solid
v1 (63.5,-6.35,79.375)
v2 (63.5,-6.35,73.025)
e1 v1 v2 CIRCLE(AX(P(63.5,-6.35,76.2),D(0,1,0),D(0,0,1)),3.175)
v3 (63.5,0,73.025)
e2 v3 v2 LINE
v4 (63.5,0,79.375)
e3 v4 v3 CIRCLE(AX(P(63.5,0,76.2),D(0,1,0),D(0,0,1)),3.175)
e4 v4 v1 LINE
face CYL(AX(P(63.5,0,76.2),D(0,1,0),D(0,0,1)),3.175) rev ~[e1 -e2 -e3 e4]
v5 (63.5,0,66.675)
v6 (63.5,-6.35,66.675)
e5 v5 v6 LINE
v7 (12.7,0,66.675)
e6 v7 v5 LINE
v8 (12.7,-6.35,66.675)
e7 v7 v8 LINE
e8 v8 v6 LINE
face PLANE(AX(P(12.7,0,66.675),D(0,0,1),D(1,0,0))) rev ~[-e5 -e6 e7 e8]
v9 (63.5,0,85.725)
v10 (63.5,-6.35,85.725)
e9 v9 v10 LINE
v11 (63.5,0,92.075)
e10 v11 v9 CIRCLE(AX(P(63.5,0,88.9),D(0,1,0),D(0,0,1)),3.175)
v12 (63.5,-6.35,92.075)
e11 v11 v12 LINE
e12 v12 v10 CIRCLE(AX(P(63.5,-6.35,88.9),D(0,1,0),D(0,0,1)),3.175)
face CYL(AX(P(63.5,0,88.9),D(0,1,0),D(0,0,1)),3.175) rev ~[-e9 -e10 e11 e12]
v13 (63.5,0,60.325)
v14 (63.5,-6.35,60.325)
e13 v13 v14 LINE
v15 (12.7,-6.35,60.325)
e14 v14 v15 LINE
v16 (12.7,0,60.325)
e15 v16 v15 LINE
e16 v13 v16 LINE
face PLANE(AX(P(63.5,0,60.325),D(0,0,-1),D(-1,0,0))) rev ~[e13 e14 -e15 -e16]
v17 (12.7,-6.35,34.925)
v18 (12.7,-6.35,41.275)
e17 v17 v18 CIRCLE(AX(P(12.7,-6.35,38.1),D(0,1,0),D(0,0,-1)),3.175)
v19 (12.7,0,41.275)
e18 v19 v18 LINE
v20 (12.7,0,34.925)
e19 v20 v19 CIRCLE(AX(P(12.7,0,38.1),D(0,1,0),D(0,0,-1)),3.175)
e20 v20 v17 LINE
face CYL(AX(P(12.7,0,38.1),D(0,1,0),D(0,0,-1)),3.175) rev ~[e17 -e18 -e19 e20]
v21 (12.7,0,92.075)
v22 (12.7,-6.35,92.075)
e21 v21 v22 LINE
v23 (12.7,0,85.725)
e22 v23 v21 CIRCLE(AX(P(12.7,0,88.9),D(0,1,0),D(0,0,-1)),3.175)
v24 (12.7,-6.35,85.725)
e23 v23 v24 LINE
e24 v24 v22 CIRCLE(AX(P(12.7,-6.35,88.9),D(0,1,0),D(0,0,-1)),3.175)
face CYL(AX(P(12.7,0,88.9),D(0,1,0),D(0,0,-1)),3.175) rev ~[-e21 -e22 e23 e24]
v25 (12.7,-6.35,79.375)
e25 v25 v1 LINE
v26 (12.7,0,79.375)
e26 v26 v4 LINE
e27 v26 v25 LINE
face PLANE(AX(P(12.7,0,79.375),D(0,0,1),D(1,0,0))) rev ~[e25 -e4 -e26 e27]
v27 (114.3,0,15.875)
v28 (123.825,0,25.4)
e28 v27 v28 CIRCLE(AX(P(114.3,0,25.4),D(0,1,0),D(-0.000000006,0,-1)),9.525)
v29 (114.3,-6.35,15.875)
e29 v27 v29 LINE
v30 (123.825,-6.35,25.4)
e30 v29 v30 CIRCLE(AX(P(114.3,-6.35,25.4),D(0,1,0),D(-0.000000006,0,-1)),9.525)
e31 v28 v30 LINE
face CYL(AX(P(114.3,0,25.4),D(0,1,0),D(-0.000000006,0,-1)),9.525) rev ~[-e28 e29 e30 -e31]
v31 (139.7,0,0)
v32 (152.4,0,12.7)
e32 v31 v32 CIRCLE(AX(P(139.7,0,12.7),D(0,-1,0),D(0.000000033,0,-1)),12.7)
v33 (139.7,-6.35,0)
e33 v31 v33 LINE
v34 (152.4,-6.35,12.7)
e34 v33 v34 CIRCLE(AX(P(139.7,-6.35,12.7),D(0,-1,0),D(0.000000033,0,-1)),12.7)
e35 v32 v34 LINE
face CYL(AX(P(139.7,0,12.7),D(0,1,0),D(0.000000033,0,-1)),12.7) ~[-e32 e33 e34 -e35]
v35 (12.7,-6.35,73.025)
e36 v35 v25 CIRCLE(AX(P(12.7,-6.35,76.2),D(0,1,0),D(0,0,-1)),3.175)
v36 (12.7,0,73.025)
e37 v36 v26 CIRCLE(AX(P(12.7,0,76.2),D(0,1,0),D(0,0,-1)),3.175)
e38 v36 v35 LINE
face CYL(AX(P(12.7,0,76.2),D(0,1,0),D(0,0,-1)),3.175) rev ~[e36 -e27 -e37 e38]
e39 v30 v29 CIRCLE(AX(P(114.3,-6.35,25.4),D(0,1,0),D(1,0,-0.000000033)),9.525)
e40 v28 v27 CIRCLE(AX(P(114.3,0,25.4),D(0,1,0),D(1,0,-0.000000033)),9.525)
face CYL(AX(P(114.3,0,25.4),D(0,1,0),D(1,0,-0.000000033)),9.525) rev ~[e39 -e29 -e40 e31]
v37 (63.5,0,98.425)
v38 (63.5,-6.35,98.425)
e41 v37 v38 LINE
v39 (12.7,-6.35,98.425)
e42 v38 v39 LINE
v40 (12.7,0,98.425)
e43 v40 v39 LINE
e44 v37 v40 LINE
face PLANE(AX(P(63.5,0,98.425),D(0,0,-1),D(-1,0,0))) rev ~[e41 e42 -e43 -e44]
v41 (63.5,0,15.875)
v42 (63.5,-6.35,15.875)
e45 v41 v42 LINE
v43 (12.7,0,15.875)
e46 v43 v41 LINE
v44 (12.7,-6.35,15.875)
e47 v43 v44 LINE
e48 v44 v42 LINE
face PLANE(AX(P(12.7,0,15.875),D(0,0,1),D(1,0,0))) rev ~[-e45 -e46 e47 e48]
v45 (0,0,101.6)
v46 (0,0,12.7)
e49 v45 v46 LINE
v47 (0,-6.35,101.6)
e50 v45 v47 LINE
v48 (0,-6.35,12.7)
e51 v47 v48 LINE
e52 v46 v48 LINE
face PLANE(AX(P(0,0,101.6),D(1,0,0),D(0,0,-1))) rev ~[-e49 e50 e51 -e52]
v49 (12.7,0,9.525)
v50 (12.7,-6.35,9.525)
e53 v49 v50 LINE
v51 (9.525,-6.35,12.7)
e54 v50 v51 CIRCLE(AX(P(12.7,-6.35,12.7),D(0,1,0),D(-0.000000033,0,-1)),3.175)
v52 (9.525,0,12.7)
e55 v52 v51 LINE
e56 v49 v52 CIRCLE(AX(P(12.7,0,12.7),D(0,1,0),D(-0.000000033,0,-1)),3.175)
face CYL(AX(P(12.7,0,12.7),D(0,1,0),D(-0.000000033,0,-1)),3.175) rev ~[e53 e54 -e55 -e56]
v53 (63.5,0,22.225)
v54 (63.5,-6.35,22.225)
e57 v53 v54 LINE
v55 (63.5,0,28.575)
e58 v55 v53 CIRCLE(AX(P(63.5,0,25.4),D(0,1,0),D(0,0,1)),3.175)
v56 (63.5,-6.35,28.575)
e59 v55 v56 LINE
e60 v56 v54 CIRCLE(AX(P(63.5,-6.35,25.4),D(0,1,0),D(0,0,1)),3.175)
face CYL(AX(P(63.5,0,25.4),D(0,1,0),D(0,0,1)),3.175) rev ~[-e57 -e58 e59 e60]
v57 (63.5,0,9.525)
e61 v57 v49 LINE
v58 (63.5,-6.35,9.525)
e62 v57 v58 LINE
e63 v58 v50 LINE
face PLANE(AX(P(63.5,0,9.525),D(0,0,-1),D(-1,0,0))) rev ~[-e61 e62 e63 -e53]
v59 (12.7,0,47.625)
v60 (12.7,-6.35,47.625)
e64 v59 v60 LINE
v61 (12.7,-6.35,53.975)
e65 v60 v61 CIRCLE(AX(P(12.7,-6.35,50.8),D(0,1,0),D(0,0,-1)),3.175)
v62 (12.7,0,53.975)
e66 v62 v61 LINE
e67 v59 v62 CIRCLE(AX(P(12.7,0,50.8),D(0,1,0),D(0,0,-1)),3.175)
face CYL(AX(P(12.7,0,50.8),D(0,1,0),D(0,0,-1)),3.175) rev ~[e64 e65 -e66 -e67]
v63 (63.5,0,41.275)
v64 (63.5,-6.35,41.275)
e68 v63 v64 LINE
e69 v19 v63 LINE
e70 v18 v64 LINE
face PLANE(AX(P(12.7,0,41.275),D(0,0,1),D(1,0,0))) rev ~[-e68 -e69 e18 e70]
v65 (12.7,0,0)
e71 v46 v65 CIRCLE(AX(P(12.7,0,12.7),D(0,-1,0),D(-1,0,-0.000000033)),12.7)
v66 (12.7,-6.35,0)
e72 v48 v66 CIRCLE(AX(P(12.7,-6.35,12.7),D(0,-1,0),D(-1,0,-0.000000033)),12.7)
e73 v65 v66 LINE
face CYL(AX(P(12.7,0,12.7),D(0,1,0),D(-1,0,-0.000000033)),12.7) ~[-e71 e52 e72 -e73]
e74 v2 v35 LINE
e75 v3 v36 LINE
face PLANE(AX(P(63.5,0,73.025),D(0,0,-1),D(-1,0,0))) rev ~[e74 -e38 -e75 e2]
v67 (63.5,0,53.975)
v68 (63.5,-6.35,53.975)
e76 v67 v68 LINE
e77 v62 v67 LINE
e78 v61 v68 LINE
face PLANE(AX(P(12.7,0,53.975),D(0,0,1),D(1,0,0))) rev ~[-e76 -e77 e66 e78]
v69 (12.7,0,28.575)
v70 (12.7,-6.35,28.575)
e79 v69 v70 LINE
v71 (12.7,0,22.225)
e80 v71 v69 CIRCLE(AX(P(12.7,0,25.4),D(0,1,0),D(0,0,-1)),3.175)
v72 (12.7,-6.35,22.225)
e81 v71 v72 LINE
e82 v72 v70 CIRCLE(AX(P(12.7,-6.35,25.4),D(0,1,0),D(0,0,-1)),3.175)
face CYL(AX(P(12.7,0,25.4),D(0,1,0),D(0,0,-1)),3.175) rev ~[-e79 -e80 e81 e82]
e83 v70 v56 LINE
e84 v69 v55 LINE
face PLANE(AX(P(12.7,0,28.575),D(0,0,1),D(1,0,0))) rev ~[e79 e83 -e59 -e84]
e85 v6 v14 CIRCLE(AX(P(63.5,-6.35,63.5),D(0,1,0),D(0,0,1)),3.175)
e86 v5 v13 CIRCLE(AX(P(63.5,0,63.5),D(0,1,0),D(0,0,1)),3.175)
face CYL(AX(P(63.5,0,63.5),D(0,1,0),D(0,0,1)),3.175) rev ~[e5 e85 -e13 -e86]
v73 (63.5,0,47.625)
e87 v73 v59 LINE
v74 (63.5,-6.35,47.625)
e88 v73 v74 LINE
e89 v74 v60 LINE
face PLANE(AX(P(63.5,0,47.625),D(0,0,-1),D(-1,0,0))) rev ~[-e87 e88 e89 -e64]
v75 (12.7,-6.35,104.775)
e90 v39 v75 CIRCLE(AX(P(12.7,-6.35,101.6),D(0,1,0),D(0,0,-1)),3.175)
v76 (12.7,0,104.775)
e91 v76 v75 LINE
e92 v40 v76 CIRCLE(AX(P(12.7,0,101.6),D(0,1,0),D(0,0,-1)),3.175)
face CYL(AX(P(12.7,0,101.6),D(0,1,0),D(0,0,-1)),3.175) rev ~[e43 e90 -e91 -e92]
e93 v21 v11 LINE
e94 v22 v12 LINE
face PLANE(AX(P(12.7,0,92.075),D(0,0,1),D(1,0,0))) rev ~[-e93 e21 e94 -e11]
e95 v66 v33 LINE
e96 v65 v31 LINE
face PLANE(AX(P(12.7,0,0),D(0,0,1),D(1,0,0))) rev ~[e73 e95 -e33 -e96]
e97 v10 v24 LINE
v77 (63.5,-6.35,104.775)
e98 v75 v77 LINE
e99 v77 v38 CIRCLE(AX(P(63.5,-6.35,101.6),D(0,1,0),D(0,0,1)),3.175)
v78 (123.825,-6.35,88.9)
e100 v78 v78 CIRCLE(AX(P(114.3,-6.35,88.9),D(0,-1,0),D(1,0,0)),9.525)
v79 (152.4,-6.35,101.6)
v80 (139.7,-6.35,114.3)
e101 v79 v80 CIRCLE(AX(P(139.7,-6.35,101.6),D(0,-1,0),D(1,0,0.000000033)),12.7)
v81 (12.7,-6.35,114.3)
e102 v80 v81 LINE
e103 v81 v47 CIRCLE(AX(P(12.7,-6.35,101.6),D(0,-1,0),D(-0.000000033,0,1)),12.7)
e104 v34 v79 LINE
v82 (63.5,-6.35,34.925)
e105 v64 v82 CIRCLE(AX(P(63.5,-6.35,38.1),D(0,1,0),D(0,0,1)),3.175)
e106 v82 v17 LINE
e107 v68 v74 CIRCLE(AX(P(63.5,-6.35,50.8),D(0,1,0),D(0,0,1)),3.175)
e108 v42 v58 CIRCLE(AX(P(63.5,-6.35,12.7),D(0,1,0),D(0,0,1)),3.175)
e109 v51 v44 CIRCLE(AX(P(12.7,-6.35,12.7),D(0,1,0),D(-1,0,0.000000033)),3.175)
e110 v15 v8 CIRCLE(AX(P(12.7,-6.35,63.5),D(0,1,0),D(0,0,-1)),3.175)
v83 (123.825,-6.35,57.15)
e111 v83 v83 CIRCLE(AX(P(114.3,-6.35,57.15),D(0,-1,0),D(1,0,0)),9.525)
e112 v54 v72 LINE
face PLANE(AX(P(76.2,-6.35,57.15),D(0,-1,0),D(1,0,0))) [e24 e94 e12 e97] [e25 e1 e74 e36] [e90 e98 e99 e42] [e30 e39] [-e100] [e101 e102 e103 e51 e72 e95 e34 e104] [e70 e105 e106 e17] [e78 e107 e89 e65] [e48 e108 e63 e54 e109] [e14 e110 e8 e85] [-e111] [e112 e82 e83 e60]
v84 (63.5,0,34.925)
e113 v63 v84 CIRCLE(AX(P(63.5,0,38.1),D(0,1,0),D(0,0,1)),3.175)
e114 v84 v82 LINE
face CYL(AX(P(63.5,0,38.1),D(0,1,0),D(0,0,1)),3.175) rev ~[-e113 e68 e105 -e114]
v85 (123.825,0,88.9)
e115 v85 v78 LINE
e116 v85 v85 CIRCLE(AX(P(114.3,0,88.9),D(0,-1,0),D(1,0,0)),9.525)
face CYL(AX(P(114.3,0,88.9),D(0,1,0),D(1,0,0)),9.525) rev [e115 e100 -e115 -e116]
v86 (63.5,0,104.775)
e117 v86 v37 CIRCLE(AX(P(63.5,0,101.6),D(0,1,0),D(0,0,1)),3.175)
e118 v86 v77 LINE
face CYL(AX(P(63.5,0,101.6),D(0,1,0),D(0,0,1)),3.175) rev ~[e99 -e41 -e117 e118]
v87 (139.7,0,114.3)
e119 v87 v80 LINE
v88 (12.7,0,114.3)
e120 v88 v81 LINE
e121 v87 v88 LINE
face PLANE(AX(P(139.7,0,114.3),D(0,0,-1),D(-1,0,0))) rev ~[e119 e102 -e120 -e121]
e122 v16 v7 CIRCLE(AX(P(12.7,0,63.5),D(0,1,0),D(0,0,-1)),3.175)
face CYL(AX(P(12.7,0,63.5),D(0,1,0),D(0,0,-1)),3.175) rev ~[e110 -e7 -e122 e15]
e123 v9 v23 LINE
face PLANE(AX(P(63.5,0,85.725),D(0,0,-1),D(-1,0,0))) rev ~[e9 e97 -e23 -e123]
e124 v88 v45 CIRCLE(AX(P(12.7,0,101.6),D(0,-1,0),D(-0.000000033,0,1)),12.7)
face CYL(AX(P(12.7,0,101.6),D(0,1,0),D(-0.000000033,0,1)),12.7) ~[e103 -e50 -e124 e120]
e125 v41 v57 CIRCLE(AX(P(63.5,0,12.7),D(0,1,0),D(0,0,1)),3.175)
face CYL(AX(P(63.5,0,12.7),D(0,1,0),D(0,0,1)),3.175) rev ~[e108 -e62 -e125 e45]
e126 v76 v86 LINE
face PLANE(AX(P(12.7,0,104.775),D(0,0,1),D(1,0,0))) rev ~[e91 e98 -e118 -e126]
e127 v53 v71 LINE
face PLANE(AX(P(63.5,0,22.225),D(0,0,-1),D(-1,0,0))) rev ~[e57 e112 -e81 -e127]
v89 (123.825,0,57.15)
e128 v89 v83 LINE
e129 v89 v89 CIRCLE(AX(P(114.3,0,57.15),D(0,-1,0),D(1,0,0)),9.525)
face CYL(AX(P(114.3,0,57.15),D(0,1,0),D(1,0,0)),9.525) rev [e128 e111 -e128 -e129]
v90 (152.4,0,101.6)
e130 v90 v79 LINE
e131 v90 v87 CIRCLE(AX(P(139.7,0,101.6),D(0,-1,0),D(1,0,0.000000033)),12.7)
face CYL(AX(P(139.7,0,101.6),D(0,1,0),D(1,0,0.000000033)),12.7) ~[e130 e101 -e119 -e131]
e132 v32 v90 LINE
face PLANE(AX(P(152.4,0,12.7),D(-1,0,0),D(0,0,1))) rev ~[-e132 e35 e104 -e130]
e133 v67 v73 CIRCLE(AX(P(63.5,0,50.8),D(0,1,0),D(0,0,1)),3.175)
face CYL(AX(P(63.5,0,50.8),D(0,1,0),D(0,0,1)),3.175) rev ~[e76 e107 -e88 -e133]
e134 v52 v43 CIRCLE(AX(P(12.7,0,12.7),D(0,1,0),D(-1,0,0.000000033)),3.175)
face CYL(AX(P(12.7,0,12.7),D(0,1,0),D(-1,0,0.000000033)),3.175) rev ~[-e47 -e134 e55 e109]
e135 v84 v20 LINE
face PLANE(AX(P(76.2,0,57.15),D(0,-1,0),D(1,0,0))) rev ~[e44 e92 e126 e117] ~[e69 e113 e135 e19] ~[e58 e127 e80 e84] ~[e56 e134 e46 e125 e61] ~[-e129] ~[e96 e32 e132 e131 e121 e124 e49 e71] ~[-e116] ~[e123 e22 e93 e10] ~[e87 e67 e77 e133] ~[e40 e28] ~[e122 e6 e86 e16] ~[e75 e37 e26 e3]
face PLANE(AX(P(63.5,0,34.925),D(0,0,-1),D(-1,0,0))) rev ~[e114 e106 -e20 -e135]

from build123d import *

# Parameters (mm, degrees)
F0_R     = 9.525
F1_DEPTH = 6.35


with BuildPart() as f1:
    # F0 (on Front) → F1 (new body)
    with BuildSketch(Plane.XZ):
        with BuildLine():
            ThreePointArc((0, 12.7), (3.719744, 3.719744), (12.7, 0))
            Line((12.7, 0), (114.3, 0))
            Line((114.3, 0), (139.7, 0))
            ThreePointArc((139.7, 0), (148.680256, 3.719744), (152.4, 12.7))
            Line((152.4, 12.7), (152.4, 25.4))
            Line((152.4, 25.4), (152.4, 101.6))
            ThreePointArc((152.4, 101.6), (148.680256, 110.580256), (139.7, 114.3))
            Line((139.7, 114.3), (12.7, 114.3))
            ThreePointArc((12.7, 114.3), (3.719744, 110.580256), (0, 101.6))
            Line((0, 101.6), (0, 12.7))
        make_face()
        with BuildLine():
            ThreePointArc((12.7, 9.525), (10.454936, 10.454936), (9.525, 12.7))
            ThreePointArc((9.525, 12.7), (10.454936, 14.945064), (12.7, 15.875))
            Line((12.7, 15.875), (63.5, 15.875))
            ThreePointArc((63.5, 15.875), (66.675, 12.7), (63.5, 9.525))
            Line((63.5, 9.525), (12.7, 9.525))
        make_face(mode=Mode.SUBTRACT)
        with BuildLine():
            ThreePointArc((12.7, 22.225), (9.525, 25.4), (12.7, 28.575))
            Line((12.7, 28.575), (63.5, 28.575))
            ThreePointArc((63.5, 28.575), (66.675, 25.4), (63.5, 22.225))
            Line((63.5, 22.225), (12.7, 22.225))
        make_face(mode=Mode.SUBTRACT)
        with BuildLine():
            ThreePointArc((12.7, 34.925), (9.525, 38.1), (12.7, 41.275))
            Line((12.7, 41.275), (63.5, 41.275))
            ThreePointArc((63.5, 41.275), (66.675, 38.1), (63.5, 34.925))
            Line((63.5, 34.925), (12.7, 34.925))
        make_face(mode=Mode.SUBTRACT)
        with BuildLine():
            ThreePointArc((12.7, 47.625), (9.525, 50.8), (12.7, 53.975))
            Line((12.7, 53.975), (63.5, 53.975))
            ThreePointArc((63.5, 53.975), (66.675, 50.8), (63.5, 47.625))
            Line((63.5, 47.625), (12.7, 47.625))
        make_face(mode=Mode.SUBTRACT)
        with BuildLine():
            ThreePointArc((114.3, 15.875), (107.564808, 32.135192), (123.825, 25.4))
            ThreePointArc((123.825, 25.4), (121.035192, 18.664808), (114.3, 15.875))
        make_face(mode=Mode.SUBTRACT)
        with BuildLine():
            ThreePointArc((12.7, 60.325), (9.525, 63.5), (12.7, 66.675))
            Line((12.7, 66.675), (63.5, 66.675))
            ThreePointArc((63.5, 66.675), (66.675, 63.5), (63.5, 60.325))
            Line((63.5, 60.325), (12.7, 60.325))
        make_face(mode=Mode.SUBTRACT)
        with BuildLine():
            ThreePointArc((12.7, 73.025), (9.525, 76.2), (12.7, 79.375))
            Line((12.7, 79.375), (63.5, 79.375))
            ThreePointArc((63.5, 79.375), (66.675, 76.2), (63.5, 73.025))
            Line((63.5, 73.025), (12.7, 73.025))
        make_face(mode=Mode.SUBTRACT)
        with BuildLine():
            ThreePointArc((12.7, 85.725), (9.525, 88.9), (12.7, 92.075))
            Line((12.7, 92.075), (63.5, 92.075))
            ThreePointArc((63.5, 92.075), (66.675, 88.9), (63.5, 85.725))
            Line((63.5, 85.725), (12.7, 85.725))
        make_face(mode=Mode.SUBTRACT)
        with BuildLine():
            ThreePointArc((12.7, 98.425), (9.525, 101.6), (12.7, 104.775))
            Line((12.7, 104.775), (63.5, 104.775))
            ThreePointArc((63.5, 104.775), (66.675, 101.6), (63.5, 98.425))
            Line((63.5, 98.425), (12.7, 98.425))
        make_face(mode=Mode.SUBTRACT)
        with Locations((114.3, 57.15)):
            Circle(F0_R, mode=Mode.SUBTRACT)
        with Locations((114.3, 88.9)):
            Circle(F0_R, mode=Mode.SUBTRACT)
    extrude(amount=F1_DEPTH)


solid = f1.part
